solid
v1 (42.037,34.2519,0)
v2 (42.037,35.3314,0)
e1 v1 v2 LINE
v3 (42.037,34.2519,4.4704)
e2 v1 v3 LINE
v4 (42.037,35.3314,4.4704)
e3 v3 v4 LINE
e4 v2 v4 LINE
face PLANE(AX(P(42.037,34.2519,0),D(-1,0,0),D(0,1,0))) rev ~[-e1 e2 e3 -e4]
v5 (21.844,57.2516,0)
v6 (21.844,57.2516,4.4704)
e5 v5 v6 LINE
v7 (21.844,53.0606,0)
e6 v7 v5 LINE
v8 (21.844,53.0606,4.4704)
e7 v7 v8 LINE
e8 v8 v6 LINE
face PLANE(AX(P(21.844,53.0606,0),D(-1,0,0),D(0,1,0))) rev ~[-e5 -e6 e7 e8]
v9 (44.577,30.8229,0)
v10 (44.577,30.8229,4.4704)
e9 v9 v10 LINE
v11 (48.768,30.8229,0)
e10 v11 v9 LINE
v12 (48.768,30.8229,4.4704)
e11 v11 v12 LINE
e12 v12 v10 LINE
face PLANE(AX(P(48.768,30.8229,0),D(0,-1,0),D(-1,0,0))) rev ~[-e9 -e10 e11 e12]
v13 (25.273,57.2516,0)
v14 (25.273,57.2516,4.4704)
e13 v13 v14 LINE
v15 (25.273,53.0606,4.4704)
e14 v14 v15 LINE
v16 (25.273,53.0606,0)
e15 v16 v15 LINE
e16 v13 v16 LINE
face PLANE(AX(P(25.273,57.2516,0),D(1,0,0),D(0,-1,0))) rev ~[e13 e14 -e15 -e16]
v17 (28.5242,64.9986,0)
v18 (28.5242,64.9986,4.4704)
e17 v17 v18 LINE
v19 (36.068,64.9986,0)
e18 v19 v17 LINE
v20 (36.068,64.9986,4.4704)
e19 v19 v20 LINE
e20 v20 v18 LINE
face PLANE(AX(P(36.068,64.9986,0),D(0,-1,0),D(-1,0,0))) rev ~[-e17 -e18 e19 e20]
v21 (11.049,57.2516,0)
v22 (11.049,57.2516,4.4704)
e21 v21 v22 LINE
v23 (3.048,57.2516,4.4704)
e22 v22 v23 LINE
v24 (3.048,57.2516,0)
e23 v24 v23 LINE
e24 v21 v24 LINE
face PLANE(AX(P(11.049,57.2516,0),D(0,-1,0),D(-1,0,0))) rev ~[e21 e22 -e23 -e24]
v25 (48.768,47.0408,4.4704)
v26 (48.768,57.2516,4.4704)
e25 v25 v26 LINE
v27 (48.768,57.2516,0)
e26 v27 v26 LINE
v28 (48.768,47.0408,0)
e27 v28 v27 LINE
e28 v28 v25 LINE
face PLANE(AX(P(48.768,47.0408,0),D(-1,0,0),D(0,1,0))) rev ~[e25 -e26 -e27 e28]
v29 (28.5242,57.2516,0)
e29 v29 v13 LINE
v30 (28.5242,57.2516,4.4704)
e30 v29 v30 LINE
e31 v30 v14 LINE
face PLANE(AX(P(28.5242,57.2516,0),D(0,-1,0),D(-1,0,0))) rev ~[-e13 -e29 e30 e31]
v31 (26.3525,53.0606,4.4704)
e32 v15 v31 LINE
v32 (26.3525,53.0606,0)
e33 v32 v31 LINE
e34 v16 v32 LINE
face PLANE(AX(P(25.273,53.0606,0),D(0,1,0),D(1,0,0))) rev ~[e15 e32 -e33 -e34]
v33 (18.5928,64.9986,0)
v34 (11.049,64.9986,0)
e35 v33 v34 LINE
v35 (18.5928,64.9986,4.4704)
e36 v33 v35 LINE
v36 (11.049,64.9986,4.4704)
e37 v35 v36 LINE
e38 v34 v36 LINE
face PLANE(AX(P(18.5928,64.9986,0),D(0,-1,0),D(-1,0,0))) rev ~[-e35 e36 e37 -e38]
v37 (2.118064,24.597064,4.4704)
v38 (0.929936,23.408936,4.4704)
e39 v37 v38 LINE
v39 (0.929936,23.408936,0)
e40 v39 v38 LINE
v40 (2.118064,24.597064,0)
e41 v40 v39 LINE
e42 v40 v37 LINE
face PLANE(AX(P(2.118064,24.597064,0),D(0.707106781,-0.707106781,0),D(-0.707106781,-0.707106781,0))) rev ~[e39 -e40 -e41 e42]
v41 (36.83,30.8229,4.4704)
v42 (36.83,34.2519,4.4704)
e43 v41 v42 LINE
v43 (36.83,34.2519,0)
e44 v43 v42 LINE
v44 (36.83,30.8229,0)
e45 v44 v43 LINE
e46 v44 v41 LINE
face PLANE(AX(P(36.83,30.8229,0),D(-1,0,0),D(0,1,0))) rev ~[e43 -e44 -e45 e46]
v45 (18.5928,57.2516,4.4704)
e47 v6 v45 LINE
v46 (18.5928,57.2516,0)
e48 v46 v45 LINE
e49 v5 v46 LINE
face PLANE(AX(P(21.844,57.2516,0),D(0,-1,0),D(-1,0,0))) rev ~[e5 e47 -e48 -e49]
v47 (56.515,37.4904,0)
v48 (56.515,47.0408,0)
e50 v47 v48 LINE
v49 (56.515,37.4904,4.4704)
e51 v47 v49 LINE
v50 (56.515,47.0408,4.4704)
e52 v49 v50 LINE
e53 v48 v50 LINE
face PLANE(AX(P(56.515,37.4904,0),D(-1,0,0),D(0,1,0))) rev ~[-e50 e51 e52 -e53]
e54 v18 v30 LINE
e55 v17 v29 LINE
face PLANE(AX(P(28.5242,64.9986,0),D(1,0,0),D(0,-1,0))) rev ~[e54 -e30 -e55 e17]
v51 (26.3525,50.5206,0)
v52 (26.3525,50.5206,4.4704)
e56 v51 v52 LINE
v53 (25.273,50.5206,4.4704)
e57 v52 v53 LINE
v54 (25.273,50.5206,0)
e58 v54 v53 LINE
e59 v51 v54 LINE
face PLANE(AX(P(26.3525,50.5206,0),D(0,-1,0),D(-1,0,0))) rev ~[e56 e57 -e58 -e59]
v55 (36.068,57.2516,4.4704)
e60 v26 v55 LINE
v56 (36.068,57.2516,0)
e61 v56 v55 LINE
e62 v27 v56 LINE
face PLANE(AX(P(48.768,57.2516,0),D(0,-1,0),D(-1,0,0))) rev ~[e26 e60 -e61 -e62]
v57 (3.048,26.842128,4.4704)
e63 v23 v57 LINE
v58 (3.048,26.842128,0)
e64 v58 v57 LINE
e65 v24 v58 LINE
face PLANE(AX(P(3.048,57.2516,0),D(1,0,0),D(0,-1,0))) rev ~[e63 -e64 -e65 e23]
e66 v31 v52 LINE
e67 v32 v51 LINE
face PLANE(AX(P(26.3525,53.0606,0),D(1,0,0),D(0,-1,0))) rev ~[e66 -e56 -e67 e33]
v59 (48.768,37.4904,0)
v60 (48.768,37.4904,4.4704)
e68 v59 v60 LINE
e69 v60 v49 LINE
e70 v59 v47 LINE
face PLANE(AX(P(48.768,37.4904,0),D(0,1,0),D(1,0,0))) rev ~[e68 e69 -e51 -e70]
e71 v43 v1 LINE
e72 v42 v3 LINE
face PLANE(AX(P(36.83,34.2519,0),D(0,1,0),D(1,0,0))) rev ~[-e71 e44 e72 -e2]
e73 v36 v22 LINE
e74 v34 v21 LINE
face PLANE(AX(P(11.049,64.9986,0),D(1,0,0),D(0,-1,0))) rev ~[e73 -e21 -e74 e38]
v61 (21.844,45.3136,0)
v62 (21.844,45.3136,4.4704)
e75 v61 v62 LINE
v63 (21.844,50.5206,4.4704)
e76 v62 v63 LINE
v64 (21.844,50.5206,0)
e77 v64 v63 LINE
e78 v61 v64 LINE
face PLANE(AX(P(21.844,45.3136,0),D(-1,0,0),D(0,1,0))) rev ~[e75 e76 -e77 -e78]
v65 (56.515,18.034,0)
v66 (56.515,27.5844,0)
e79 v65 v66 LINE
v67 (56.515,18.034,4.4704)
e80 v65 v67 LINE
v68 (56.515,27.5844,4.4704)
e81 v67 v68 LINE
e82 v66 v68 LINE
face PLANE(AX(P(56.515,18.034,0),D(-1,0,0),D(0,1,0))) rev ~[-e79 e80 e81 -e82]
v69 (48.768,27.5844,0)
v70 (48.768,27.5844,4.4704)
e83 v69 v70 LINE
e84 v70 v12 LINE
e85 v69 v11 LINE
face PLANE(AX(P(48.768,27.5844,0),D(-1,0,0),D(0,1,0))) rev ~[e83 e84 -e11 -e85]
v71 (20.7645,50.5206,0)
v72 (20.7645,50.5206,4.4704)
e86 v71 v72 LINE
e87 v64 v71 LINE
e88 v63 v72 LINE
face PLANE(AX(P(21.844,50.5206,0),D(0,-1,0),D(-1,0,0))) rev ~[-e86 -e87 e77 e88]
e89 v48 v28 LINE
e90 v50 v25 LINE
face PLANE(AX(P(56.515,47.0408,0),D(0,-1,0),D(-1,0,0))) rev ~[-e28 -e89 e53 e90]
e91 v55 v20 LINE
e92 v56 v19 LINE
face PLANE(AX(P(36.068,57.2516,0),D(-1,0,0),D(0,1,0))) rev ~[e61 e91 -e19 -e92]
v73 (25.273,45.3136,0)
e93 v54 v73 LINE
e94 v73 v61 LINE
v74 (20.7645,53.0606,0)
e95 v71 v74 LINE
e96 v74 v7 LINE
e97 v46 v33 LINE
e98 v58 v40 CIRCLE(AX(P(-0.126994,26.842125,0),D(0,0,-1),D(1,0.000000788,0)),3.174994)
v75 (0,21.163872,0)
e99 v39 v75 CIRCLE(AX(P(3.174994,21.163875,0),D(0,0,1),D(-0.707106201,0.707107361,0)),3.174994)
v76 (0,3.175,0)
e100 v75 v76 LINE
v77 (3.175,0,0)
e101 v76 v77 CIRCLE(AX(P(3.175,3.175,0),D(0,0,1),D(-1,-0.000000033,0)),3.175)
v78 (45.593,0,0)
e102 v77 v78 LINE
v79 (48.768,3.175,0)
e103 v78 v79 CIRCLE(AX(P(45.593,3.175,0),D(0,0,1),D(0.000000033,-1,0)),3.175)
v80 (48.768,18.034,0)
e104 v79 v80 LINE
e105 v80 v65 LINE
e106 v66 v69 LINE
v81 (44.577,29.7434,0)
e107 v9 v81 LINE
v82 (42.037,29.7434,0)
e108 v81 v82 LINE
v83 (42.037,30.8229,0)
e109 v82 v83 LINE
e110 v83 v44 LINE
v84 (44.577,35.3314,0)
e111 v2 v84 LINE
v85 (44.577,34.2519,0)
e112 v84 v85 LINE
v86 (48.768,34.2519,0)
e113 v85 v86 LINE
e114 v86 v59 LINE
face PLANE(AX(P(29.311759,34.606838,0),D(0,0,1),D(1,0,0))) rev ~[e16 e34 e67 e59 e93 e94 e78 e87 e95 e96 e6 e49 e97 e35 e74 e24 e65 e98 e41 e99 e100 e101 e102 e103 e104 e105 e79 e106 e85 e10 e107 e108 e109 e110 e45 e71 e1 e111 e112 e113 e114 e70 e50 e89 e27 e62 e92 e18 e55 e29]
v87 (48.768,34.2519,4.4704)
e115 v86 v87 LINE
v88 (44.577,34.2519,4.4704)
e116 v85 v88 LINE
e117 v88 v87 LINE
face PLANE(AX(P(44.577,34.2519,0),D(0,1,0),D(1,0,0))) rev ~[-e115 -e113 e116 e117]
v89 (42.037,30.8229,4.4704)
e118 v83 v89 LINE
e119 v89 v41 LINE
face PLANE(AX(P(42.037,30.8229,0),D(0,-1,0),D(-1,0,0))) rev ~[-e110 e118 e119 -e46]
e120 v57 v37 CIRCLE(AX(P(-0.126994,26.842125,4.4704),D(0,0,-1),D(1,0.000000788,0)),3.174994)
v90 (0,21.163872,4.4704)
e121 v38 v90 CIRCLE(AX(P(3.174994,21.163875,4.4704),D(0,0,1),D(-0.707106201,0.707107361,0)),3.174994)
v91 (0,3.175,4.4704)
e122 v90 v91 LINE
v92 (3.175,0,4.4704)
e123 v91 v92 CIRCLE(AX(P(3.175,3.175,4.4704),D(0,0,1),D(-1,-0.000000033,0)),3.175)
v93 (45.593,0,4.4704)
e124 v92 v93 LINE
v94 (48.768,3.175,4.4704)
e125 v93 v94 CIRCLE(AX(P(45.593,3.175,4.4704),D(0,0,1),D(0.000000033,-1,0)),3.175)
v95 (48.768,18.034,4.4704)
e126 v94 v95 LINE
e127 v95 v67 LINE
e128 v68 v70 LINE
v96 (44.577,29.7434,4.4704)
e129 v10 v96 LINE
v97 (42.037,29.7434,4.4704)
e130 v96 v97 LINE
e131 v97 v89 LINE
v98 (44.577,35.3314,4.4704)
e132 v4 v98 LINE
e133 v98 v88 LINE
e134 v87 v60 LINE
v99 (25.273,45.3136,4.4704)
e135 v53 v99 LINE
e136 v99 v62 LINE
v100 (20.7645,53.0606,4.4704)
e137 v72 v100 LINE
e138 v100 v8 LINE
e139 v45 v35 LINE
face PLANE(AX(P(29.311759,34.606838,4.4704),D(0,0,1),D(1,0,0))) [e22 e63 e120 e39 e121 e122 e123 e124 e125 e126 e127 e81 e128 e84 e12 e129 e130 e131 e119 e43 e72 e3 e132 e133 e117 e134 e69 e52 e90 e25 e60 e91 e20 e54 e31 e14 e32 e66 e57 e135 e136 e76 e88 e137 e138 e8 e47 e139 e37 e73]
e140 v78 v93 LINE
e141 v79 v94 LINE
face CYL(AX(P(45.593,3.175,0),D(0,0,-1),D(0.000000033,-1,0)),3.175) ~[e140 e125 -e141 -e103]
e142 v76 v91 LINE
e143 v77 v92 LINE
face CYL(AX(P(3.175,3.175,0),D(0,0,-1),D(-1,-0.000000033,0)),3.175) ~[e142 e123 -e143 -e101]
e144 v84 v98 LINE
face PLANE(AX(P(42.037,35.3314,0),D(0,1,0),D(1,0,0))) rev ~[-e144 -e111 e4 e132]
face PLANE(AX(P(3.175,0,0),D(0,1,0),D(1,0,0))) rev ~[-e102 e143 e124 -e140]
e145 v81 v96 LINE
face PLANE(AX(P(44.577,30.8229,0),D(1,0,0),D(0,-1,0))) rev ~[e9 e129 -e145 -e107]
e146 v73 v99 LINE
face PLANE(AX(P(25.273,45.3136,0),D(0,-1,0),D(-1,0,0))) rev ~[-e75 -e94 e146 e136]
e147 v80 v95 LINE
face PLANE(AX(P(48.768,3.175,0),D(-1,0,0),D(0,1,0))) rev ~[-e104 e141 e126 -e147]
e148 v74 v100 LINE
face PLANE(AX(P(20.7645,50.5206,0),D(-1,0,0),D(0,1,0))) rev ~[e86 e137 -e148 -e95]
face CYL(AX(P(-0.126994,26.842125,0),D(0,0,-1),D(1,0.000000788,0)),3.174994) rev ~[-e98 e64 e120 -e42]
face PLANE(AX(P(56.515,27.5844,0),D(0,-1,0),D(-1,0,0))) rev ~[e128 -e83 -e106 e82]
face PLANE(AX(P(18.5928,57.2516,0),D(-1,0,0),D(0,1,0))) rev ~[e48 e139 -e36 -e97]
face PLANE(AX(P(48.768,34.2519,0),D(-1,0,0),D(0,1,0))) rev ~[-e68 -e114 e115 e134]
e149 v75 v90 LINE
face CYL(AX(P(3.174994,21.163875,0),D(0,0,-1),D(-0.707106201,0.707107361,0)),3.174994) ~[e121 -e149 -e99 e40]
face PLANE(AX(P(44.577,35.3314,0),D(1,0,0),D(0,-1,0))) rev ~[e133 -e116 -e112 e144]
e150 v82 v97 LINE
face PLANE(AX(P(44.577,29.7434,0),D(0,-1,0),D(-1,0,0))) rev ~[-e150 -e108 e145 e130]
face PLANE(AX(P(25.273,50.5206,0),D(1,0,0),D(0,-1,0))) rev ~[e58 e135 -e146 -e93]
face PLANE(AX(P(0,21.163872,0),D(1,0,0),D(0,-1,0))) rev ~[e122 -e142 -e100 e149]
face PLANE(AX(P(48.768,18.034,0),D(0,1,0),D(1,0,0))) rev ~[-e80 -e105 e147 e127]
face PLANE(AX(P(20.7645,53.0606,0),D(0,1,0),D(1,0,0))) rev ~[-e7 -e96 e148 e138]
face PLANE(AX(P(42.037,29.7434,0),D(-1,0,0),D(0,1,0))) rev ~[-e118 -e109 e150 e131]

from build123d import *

# Parameters (mm, degrees)
F1_DEPTH = 4.4704


with BuildPart() as f1:
    # F0 (on Top) → F1 (new body)
    with BuildSketch(Plane.XY):
        with BuildLine():
            Line((0, 21.163872), (0, 3.175))
            ThreePointArc((0, 3.175), (0.929936, 0.929936), (3.175, 0))
            Line((3.175, 0), (45.593, 0))
            ThreePointArc((45.593, 0), (47.838064, 0.929936), (48.768, 3.175))
            Line((48.768, 3.175), (48.768, 18.034))
            Line((48.768, 18.034), (56.515, 18.034))
            Line((56.515, 18.034), (56.515, 27.5844))
            Line((56.515, 27.5844), (48.768, 27.5844))
            Line((48.768, 27.5844), (48.768, 30.8229))
            Line((48.768, 30.8229), (44.577, 30.8229))
            Line((44.577, 30.8229), (44.577, 29.7434))
            Line((44.577, 29.7434), (42.037, 29.7434))
            Line((42.037, 29.7434), (42.037, 30.8229))
            Line((42.037, 30.8229), (36.83, 30.8229))
            Line((36.83, 30.8229), (36.83, 34.2519))
            Line((36.83, 34.2519), (42.037, 34.2519))
            Line((42.037, 34.2519), (42.037, 35.3314))
            Line((42.037, 35.3314), (44.577, 35.3314))
            Line((44.577, 35.3314), (44.577, 34.2519))
            Line((44.577, 34.2519), (48.768, 34.2519))
            Line((48.768, 34.2519), (48.768, 37.4904))
            Line((48.768, 37.4904), (56.515, 37.4904))
            Line((56.515, 37.4904), (56.515, 47.0408))
            Line((56.515, 47.0408), (48.768, 47.0408))
            Line((48.768, 47.0408), (48.768, 57.2516))
            Line((48.768, 57.2516), (36.068, 57.2516))
            Line((36.068, 57.2516), (36.068, 64.9986))
            Line((36.068, 64.9986), (28.5242, 64.9986))
            Line((28.5242, 64.9986), (28.5242, 57.2516))
            Line((28.5242, 57.2516), (25.273, 57.2516))
            Line((25.273, 57.2516), (25.273, 53.0606))
            Line((25.273, 53.0606), (26.3525, 53.0606))
            Line((26.3525, 53.0606), (26.3525, 50.5206))
            Line((26.3525, 50.5206), (25.273, 50.5206))
            Line((25.273, 50.5206), (25.273, 45.3136))
            Line((25.273, 45.3136), (21.844, 45.3136))
            Line((21.844, 45.3136), (21.844, 50.5206))
            Line((21.844, 50.5206), (20.7645, 50.5206))
            Line((20.7645, 50.5206), (20.7645, 53.0606))
            Line((20.7645, 53.0606), (21.844, 53.0606))
            Line((21.844, 53.0606), (21.844, 57.2516))
            Line((21.844, 57.2516), (18.5928, 57.2516))
            Line((18.5928, 57.2516), (18.5928, 64.9986))
            Line((18.5928, 64.9986), (11.049, 64.9986))
            Line((11.049, 64.9986), (11.049, 57.2516))
            Line((11.049, 57.2516), (3.048, 57.2516))
            Line((3.048, 57.2516), (3.048, 26.842128))
            ThreePointArc((3.048, 26.842128), (2.806318, 25.627108), (2.118064, 24.597064))
            Line((2.118064, 24.597064), (0.929936, 23.408936))
            ThreePointArc((0.929936, 23.408936), (0.241682, 22.378892), (0, 21.163872))
        make_face()
    extrude(amount=F1_DEPTH)


solid = f1.part
